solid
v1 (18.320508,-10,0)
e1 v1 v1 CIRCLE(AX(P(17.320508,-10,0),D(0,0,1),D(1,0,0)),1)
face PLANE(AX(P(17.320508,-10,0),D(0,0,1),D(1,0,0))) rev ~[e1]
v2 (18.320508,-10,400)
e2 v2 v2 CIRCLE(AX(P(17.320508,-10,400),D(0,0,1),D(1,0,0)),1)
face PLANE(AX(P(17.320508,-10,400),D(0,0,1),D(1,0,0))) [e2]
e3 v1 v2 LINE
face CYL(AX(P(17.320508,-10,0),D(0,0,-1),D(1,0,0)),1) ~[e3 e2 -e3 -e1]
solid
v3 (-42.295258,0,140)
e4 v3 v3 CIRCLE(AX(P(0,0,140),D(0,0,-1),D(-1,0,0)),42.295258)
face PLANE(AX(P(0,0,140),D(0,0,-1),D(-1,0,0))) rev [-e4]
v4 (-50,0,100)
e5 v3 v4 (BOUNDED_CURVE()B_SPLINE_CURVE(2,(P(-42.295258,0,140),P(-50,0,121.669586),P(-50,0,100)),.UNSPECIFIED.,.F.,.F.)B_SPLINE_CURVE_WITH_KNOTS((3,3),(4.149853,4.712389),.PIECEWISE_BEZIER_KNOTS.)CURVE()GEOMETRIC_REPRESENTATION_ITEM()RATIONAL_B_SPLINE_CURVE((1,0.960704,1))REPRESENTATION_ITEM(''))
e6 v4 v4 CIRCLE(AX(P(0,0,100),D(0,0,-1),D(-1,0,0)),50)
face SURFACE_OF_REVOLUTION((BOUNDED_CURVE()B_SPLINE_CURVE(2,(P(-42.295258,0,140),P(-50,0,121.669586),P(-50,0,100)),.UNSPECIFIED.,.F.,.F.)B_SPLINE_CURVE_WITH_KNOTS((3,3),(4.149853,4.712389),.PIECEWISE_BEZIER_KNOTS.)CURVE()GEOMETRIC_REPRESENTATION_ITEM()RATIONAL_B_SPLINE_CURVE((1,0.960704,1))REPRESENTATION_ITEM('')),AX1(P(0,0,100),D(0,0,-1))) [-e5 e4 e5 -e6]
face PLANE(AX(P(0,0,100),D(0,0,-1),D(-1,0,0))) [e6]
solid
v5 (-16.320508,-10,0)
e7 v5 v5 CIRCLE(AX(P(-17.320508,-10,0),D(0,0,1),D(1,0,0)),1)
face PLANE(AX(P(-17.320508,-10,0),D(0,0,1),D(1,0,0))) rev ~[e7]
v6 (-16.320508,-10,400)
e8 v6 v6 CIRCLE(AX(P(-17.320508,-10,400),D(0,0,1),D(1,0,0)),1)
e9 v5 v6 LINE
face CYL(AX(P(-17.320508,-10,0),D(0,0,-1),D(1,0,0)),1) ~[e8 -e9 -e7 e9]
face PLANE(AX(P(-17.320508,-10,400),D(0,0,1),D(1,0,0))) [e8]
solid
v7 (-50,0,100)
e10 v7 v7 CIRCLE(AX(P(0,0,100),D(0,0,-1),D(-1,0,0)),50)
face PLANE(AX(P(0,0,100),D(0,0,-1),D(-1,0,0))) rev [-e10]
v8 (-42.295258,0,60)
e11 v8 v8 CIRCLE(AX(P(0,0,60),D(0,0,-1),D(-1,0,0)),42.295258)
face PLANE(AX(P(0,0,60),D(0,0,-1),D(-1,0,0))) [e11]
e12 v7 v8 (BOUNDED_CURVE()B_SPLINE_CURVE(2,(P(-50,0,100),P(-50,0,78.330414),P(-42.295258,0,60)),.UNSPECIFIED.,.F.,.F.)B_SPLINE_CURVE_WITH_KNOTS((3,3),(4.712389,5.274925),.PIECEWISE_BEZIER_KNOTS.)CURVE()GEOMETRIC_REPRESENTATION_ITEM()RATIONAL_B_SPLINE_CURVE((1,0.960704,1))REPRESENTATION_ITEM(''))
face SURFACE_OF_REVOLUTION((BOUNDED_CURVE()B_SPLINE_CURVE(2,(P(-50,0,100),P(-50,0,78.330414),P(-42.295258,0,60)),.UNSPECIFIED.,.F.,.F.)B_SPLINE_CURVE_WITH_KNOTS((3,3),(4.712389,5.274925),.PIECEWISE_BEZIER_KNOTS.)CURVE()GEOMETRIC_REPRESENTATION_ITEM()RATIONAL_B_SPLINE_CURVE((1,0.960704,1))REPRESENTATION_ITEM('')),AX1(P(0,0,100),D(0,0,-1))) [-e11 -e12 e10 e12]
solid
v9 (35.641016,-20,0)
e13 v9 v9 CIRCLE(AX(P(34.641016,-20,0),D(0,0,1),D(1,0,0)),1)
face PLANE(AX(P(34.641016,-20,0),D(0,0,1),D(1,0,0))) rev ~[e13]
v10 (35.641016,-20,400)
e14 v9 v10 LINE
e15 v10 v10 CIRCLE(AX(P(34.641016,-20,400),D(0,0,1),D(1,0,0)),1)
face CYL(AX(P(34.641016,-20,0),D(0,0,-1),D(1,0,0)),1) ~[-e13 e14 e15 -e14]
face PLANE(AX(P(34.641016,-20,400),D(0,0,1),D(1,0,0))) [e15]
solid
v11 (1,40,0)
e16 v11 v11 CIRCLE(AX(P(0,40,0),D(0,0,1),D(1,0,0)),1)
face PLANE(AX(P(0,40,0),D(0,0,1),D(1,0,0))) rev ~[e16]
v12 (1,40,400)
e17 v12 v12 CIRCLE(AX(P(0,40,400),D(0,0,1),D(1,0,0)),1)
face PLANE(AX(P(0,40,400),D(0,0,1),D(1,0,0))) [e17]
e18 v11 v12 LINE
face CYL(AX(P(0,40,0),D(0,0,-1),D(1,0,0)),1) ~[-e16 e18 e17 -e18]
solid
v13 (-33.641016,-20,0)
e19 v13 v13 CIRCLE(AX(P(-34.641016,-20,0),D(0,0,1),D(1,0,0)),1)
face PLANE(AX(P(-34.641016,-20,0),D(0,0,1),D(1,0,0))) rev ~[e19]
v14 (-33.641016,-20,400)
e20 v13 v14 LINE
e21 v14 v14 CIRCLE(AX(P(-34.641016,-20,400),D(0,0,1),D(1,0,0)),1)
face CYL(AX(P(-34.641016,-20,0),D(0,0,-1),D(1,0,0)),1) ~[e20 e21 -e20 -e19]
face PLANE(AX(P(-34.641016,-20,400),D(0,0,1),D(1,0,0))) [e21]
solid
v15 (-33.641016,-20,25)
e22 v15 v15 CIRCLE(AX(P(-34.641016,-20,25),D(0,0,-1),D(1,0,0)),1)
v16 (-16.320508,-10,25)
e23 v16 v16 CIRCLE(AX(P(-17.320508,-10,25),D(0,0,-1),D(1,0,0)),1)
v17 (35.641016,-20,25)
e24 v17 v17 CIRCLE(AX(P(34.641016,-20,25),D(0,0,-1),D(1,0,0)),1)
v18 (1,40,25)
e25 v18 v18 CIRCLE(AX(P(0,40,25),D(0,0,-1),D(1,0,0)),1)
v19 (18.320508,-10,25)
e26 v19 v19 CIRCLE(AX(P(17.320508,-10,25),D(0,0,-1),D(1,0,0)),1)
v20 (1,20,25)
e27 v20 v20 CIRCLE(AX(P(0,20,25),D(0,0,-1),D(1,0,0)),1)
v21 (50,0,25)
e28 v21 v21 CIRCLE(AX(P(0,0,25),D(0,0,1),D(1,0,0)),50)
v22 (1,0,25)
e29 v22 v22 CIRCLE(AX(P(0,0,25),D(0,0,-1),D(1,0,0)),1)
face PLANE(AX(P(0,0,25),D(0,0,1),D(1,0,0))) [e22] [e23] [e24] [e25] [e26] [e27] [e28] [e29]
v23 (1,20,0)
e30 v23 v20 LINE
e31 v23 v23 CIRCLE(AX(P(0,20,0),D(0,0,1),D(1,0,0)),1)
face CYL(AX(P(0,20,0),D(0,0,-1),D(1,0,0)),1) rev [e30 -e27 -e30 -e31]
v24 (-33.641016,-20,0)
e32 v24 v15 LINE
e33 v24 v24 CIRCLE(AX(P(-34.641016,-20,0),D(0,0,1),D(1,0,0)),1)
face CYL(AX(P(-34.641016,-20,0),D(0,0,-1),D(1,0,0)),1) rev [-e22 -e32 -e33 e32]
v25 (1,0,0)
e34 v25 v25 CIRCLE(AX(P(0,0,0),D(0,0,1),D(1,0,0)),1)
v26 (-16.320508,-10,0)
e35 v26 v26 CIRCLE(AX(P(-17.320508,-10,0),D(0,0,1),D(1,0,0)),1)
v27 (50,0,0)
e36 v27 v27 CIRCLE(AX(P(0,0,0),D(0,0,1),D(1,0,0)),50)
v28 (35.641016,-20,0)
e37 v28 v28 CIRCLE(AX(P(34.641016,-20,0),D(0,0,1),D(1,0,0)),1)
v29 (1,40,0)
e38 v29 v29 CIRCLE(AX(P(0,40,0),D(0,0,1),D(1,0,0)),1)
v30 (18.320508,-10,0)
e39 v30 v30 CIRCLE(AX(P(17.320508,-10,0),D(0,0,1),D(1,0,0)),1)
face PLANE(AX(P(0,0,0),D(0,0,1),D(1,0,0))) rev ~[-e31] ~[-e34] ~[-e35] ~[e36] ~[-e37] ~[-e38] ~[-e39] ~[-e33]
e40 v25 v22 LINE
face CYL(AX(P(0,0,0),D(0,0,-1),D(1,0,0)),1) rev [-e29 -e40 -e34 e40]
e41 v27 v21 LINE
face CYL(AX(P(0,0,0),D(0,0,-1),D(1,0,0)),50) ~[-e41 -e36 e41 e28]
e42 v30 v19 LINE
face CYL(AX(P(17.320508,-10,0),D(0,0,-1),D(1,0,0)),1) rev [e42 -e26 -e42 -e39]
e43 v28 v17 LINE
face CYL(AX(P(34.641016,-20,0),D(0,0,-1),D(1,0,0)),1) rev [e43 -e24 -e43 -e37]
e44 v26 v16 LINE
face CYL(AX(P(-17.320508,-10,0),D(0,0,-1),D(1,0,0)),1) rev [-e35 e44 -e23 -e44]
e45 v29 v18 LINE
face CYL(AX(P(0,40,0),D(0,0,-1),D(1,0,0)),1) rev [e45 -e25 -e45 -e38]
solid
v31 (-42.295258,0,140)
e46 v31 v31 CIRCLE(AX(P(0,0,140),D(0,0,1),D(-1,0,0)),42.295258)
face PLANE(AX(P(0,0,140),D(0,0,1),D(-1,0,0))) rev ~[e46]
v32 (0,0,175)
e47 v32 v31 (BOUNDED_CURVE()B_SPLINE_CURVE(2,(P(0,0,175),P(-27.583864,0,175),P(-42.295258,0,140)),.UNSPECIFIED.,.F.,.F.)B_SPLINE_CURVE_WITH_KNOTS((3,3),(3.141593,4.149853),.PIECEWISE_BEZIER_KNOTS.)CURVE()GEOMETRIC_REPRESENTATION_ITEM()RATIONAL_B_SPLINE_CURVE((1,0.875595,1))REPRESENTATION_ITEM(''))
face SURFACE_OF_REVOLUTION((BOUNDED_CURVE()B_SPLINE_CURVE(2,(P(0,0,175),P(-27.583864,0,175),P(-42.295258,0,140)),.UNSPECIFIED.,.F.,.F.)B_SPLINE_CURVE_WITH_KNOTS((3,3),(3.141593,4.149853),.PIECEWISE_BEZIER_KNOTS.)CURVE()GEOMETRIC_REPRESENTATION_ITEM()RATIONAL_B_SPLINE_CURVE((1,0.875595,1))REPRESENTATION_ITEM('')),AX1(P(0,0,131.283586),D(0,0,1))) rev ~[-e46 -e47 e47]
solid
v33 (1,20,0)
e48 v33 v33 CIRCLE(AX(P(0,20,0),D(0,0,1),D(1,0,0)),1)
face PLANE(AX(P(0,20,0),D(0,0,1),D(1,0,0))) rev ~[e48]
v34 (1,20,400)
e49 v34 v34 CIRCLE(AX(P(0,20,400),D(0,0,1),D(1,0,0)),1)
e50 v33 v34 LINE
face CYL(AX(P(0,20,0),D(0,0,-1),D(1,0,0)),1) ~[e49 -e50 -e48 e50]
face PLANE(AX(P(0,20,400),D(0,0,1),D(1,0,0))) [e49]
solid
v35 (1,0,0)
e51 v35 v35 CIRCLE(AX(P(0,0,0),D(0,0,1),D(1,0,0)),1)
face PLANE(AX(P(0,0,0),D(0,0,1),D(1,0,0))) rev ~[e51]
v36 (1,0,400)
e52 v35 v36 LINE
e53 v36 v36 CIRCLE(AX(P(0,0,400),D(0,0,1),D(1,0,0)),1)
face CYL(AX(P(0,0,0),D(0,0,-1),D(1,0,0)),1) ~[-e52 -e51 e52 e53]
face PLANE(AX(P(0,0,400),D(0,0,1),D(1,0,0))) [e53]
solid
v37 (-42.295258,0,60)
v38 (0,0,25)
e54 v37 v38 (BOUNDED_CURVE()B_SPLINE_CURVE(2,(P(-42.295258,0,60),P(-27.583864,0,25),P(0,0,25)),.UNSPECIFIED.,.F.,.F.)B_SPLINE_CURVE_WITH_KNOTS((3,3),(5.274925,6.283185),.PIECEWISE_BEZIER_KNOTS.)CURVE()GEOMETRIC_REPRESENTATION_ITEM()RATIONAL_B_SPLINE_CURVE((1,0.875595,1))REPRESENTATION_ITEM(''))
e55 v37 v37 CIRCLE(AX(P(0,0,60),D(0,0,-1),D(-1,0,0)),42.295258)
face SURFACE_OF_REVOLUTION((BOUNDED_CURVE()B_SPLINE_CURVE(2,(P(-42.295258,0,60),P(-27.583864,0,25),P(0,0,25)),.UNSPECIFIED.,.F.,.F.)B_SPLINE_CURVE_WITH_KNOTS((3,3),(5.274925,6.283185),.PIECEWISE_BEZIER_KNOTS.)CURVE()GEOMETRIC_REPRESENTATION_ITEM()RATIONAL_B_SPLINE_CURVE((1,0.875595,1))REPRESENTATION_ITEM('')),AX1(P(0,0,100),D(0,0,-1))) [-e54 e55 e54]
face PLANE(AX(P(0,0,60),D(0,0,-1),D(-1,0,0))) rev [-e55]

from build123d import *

# Parameters (mm, degrees)
F1_R     = 50
F2_DEPTH = 25
F0_R     = 1
F3_DEPTH = 200
F4_DEPTH = 400


with BuildPart() as f2:
    # F1 (on Top) → F2 (new body)
    with BuildSketch(Plane.XY):
        Circle(F1_R)
    extrude(amount=F2_DEPTH)

    # F0 (on Top) → F3 (cut)
    with BuildSketch(Plane.XY):
        with Locations((0, 40)):
            Circle(F0_R)
        with Locations((0, 20)):
            Circle(F0_R)
        with Locations((-17.320508, -10)):
            Circle(F0_R)
        with Locations((-34.641016, -20)):
            Circle(F0_R)
        with Locations((17.320508, -10)):
            Circle(F0_R)
        with Locations((34.641016, -20)):
            Circle(F0_R)
        Circle(F0_R)
    extrude(amount=F3_DEPTH, mode=Mode.SUBTRACT)


with BuildPart() as f4:
    # F0 (on Top) → F4 (new body)
    with BuildSketch(Plane.XY):
        with Locations((0, 40)):
            Circle(F0_R)
        with Locations((0, 20)):
            Circle(F0_R)
        with Locations((-17.320508, -10)):
            Circle(F0_R)
        with Locations((-34.641016, -20)):
            Circle(F0_R)
        with Locations((17.320508, -10)):
            Circle(F0_R)
        with Locations((34.641016, -20)):
            Circle(F0_R)
        Circle(F0_R)
    extrude(amount=F4_DEPTH)


with BuildPart() as f6:
    # F5 (on Front) → F6 (revolve)
    with BuildSketch(Plane.XZ):
        with BuildLine():
            add(Edge.make_bspline(
                [(0, 175), (-27.583864, 175), (-42.295258, 140)],
                knots=[3.141593, 3.141593, 3.141593, 4.149853, 4.149853, 4.149853], degree=2, weights=[1, 0.875595, 1]))
            Line((-42.295258, 140), (0, 140))
            Line((0, 140), (0, 175))
        make_face()
    revolve(axis=Axis((0, 0, 131.283586), (0, 0, 1)))


with BuildPart() as f7:
    # F5 (on Front) → F7 (revolve)
    with BuildSketch(Plane.XZ):
        with BuildLine():
            add(Edge.make_bspline(
                [(-42.295258, 140), (-50, 121.669586), (-50, 100)],
                knots=[4.149853, 4.149853, 4.149853, 4.712389, 4.712389, 4.712389], degree=2, weights=[1, 0.960704, 1]))
            Line((-50, 100), (0, 100))
            Line((0, 100), (0, 140))
            Line((0, 140), (-42.295258, 140))
        make_face()
    revolve(axis=Axis((0, 0, 100), (0, 0, -1)))


with BuildPart() as f8:
    # F5 (on Front) → F8 (revolve)
    with BuildSketch(Plane.XZ):
        with BuildLine():
            add(Edge.make_bspline(
                [(-50, 100), (-50, 78.330414), (-42.295258, 60)],
                knots=[4.712389, 4.712389, 4.712389, 5.274925, 5.274925, 5.274925], degree=2, weights=[1, 0.960704, 1]))
            Line((-42.295258, 60), (0, 60))
            Line((0, 60), (0, 100))
            Line((0, 100), (-50, 100))
        make_face()
    revolve(axis=Axis((0, 0, 100), (0, 0, -1)))


with BuildPart() as f9:
    # F5 (on Front) → F9 (revolve)
    with BuildSketch(Plane.XZ):
        with BuildLine():
            add(Edge.make_bspline(
                [(-42.295258, 60), (-27.583864, 25), (0, 25)],
                knots=[5.274925, 5.274925, 5.274925, 6.283185, 6.283185, 6.283185], degree=2, weights=[1, 0.875595, 1]))
            Line((0, 25), (0, 60))
            Line((0, 60), (-42.295258, 60))
        make_face()
    revolve(axis=Axis((0, 0, 100), (0, 0, -1)))


solid = Compound([f2.part, f4.part, f6.part, f7.part, f8.part, f9.part])
